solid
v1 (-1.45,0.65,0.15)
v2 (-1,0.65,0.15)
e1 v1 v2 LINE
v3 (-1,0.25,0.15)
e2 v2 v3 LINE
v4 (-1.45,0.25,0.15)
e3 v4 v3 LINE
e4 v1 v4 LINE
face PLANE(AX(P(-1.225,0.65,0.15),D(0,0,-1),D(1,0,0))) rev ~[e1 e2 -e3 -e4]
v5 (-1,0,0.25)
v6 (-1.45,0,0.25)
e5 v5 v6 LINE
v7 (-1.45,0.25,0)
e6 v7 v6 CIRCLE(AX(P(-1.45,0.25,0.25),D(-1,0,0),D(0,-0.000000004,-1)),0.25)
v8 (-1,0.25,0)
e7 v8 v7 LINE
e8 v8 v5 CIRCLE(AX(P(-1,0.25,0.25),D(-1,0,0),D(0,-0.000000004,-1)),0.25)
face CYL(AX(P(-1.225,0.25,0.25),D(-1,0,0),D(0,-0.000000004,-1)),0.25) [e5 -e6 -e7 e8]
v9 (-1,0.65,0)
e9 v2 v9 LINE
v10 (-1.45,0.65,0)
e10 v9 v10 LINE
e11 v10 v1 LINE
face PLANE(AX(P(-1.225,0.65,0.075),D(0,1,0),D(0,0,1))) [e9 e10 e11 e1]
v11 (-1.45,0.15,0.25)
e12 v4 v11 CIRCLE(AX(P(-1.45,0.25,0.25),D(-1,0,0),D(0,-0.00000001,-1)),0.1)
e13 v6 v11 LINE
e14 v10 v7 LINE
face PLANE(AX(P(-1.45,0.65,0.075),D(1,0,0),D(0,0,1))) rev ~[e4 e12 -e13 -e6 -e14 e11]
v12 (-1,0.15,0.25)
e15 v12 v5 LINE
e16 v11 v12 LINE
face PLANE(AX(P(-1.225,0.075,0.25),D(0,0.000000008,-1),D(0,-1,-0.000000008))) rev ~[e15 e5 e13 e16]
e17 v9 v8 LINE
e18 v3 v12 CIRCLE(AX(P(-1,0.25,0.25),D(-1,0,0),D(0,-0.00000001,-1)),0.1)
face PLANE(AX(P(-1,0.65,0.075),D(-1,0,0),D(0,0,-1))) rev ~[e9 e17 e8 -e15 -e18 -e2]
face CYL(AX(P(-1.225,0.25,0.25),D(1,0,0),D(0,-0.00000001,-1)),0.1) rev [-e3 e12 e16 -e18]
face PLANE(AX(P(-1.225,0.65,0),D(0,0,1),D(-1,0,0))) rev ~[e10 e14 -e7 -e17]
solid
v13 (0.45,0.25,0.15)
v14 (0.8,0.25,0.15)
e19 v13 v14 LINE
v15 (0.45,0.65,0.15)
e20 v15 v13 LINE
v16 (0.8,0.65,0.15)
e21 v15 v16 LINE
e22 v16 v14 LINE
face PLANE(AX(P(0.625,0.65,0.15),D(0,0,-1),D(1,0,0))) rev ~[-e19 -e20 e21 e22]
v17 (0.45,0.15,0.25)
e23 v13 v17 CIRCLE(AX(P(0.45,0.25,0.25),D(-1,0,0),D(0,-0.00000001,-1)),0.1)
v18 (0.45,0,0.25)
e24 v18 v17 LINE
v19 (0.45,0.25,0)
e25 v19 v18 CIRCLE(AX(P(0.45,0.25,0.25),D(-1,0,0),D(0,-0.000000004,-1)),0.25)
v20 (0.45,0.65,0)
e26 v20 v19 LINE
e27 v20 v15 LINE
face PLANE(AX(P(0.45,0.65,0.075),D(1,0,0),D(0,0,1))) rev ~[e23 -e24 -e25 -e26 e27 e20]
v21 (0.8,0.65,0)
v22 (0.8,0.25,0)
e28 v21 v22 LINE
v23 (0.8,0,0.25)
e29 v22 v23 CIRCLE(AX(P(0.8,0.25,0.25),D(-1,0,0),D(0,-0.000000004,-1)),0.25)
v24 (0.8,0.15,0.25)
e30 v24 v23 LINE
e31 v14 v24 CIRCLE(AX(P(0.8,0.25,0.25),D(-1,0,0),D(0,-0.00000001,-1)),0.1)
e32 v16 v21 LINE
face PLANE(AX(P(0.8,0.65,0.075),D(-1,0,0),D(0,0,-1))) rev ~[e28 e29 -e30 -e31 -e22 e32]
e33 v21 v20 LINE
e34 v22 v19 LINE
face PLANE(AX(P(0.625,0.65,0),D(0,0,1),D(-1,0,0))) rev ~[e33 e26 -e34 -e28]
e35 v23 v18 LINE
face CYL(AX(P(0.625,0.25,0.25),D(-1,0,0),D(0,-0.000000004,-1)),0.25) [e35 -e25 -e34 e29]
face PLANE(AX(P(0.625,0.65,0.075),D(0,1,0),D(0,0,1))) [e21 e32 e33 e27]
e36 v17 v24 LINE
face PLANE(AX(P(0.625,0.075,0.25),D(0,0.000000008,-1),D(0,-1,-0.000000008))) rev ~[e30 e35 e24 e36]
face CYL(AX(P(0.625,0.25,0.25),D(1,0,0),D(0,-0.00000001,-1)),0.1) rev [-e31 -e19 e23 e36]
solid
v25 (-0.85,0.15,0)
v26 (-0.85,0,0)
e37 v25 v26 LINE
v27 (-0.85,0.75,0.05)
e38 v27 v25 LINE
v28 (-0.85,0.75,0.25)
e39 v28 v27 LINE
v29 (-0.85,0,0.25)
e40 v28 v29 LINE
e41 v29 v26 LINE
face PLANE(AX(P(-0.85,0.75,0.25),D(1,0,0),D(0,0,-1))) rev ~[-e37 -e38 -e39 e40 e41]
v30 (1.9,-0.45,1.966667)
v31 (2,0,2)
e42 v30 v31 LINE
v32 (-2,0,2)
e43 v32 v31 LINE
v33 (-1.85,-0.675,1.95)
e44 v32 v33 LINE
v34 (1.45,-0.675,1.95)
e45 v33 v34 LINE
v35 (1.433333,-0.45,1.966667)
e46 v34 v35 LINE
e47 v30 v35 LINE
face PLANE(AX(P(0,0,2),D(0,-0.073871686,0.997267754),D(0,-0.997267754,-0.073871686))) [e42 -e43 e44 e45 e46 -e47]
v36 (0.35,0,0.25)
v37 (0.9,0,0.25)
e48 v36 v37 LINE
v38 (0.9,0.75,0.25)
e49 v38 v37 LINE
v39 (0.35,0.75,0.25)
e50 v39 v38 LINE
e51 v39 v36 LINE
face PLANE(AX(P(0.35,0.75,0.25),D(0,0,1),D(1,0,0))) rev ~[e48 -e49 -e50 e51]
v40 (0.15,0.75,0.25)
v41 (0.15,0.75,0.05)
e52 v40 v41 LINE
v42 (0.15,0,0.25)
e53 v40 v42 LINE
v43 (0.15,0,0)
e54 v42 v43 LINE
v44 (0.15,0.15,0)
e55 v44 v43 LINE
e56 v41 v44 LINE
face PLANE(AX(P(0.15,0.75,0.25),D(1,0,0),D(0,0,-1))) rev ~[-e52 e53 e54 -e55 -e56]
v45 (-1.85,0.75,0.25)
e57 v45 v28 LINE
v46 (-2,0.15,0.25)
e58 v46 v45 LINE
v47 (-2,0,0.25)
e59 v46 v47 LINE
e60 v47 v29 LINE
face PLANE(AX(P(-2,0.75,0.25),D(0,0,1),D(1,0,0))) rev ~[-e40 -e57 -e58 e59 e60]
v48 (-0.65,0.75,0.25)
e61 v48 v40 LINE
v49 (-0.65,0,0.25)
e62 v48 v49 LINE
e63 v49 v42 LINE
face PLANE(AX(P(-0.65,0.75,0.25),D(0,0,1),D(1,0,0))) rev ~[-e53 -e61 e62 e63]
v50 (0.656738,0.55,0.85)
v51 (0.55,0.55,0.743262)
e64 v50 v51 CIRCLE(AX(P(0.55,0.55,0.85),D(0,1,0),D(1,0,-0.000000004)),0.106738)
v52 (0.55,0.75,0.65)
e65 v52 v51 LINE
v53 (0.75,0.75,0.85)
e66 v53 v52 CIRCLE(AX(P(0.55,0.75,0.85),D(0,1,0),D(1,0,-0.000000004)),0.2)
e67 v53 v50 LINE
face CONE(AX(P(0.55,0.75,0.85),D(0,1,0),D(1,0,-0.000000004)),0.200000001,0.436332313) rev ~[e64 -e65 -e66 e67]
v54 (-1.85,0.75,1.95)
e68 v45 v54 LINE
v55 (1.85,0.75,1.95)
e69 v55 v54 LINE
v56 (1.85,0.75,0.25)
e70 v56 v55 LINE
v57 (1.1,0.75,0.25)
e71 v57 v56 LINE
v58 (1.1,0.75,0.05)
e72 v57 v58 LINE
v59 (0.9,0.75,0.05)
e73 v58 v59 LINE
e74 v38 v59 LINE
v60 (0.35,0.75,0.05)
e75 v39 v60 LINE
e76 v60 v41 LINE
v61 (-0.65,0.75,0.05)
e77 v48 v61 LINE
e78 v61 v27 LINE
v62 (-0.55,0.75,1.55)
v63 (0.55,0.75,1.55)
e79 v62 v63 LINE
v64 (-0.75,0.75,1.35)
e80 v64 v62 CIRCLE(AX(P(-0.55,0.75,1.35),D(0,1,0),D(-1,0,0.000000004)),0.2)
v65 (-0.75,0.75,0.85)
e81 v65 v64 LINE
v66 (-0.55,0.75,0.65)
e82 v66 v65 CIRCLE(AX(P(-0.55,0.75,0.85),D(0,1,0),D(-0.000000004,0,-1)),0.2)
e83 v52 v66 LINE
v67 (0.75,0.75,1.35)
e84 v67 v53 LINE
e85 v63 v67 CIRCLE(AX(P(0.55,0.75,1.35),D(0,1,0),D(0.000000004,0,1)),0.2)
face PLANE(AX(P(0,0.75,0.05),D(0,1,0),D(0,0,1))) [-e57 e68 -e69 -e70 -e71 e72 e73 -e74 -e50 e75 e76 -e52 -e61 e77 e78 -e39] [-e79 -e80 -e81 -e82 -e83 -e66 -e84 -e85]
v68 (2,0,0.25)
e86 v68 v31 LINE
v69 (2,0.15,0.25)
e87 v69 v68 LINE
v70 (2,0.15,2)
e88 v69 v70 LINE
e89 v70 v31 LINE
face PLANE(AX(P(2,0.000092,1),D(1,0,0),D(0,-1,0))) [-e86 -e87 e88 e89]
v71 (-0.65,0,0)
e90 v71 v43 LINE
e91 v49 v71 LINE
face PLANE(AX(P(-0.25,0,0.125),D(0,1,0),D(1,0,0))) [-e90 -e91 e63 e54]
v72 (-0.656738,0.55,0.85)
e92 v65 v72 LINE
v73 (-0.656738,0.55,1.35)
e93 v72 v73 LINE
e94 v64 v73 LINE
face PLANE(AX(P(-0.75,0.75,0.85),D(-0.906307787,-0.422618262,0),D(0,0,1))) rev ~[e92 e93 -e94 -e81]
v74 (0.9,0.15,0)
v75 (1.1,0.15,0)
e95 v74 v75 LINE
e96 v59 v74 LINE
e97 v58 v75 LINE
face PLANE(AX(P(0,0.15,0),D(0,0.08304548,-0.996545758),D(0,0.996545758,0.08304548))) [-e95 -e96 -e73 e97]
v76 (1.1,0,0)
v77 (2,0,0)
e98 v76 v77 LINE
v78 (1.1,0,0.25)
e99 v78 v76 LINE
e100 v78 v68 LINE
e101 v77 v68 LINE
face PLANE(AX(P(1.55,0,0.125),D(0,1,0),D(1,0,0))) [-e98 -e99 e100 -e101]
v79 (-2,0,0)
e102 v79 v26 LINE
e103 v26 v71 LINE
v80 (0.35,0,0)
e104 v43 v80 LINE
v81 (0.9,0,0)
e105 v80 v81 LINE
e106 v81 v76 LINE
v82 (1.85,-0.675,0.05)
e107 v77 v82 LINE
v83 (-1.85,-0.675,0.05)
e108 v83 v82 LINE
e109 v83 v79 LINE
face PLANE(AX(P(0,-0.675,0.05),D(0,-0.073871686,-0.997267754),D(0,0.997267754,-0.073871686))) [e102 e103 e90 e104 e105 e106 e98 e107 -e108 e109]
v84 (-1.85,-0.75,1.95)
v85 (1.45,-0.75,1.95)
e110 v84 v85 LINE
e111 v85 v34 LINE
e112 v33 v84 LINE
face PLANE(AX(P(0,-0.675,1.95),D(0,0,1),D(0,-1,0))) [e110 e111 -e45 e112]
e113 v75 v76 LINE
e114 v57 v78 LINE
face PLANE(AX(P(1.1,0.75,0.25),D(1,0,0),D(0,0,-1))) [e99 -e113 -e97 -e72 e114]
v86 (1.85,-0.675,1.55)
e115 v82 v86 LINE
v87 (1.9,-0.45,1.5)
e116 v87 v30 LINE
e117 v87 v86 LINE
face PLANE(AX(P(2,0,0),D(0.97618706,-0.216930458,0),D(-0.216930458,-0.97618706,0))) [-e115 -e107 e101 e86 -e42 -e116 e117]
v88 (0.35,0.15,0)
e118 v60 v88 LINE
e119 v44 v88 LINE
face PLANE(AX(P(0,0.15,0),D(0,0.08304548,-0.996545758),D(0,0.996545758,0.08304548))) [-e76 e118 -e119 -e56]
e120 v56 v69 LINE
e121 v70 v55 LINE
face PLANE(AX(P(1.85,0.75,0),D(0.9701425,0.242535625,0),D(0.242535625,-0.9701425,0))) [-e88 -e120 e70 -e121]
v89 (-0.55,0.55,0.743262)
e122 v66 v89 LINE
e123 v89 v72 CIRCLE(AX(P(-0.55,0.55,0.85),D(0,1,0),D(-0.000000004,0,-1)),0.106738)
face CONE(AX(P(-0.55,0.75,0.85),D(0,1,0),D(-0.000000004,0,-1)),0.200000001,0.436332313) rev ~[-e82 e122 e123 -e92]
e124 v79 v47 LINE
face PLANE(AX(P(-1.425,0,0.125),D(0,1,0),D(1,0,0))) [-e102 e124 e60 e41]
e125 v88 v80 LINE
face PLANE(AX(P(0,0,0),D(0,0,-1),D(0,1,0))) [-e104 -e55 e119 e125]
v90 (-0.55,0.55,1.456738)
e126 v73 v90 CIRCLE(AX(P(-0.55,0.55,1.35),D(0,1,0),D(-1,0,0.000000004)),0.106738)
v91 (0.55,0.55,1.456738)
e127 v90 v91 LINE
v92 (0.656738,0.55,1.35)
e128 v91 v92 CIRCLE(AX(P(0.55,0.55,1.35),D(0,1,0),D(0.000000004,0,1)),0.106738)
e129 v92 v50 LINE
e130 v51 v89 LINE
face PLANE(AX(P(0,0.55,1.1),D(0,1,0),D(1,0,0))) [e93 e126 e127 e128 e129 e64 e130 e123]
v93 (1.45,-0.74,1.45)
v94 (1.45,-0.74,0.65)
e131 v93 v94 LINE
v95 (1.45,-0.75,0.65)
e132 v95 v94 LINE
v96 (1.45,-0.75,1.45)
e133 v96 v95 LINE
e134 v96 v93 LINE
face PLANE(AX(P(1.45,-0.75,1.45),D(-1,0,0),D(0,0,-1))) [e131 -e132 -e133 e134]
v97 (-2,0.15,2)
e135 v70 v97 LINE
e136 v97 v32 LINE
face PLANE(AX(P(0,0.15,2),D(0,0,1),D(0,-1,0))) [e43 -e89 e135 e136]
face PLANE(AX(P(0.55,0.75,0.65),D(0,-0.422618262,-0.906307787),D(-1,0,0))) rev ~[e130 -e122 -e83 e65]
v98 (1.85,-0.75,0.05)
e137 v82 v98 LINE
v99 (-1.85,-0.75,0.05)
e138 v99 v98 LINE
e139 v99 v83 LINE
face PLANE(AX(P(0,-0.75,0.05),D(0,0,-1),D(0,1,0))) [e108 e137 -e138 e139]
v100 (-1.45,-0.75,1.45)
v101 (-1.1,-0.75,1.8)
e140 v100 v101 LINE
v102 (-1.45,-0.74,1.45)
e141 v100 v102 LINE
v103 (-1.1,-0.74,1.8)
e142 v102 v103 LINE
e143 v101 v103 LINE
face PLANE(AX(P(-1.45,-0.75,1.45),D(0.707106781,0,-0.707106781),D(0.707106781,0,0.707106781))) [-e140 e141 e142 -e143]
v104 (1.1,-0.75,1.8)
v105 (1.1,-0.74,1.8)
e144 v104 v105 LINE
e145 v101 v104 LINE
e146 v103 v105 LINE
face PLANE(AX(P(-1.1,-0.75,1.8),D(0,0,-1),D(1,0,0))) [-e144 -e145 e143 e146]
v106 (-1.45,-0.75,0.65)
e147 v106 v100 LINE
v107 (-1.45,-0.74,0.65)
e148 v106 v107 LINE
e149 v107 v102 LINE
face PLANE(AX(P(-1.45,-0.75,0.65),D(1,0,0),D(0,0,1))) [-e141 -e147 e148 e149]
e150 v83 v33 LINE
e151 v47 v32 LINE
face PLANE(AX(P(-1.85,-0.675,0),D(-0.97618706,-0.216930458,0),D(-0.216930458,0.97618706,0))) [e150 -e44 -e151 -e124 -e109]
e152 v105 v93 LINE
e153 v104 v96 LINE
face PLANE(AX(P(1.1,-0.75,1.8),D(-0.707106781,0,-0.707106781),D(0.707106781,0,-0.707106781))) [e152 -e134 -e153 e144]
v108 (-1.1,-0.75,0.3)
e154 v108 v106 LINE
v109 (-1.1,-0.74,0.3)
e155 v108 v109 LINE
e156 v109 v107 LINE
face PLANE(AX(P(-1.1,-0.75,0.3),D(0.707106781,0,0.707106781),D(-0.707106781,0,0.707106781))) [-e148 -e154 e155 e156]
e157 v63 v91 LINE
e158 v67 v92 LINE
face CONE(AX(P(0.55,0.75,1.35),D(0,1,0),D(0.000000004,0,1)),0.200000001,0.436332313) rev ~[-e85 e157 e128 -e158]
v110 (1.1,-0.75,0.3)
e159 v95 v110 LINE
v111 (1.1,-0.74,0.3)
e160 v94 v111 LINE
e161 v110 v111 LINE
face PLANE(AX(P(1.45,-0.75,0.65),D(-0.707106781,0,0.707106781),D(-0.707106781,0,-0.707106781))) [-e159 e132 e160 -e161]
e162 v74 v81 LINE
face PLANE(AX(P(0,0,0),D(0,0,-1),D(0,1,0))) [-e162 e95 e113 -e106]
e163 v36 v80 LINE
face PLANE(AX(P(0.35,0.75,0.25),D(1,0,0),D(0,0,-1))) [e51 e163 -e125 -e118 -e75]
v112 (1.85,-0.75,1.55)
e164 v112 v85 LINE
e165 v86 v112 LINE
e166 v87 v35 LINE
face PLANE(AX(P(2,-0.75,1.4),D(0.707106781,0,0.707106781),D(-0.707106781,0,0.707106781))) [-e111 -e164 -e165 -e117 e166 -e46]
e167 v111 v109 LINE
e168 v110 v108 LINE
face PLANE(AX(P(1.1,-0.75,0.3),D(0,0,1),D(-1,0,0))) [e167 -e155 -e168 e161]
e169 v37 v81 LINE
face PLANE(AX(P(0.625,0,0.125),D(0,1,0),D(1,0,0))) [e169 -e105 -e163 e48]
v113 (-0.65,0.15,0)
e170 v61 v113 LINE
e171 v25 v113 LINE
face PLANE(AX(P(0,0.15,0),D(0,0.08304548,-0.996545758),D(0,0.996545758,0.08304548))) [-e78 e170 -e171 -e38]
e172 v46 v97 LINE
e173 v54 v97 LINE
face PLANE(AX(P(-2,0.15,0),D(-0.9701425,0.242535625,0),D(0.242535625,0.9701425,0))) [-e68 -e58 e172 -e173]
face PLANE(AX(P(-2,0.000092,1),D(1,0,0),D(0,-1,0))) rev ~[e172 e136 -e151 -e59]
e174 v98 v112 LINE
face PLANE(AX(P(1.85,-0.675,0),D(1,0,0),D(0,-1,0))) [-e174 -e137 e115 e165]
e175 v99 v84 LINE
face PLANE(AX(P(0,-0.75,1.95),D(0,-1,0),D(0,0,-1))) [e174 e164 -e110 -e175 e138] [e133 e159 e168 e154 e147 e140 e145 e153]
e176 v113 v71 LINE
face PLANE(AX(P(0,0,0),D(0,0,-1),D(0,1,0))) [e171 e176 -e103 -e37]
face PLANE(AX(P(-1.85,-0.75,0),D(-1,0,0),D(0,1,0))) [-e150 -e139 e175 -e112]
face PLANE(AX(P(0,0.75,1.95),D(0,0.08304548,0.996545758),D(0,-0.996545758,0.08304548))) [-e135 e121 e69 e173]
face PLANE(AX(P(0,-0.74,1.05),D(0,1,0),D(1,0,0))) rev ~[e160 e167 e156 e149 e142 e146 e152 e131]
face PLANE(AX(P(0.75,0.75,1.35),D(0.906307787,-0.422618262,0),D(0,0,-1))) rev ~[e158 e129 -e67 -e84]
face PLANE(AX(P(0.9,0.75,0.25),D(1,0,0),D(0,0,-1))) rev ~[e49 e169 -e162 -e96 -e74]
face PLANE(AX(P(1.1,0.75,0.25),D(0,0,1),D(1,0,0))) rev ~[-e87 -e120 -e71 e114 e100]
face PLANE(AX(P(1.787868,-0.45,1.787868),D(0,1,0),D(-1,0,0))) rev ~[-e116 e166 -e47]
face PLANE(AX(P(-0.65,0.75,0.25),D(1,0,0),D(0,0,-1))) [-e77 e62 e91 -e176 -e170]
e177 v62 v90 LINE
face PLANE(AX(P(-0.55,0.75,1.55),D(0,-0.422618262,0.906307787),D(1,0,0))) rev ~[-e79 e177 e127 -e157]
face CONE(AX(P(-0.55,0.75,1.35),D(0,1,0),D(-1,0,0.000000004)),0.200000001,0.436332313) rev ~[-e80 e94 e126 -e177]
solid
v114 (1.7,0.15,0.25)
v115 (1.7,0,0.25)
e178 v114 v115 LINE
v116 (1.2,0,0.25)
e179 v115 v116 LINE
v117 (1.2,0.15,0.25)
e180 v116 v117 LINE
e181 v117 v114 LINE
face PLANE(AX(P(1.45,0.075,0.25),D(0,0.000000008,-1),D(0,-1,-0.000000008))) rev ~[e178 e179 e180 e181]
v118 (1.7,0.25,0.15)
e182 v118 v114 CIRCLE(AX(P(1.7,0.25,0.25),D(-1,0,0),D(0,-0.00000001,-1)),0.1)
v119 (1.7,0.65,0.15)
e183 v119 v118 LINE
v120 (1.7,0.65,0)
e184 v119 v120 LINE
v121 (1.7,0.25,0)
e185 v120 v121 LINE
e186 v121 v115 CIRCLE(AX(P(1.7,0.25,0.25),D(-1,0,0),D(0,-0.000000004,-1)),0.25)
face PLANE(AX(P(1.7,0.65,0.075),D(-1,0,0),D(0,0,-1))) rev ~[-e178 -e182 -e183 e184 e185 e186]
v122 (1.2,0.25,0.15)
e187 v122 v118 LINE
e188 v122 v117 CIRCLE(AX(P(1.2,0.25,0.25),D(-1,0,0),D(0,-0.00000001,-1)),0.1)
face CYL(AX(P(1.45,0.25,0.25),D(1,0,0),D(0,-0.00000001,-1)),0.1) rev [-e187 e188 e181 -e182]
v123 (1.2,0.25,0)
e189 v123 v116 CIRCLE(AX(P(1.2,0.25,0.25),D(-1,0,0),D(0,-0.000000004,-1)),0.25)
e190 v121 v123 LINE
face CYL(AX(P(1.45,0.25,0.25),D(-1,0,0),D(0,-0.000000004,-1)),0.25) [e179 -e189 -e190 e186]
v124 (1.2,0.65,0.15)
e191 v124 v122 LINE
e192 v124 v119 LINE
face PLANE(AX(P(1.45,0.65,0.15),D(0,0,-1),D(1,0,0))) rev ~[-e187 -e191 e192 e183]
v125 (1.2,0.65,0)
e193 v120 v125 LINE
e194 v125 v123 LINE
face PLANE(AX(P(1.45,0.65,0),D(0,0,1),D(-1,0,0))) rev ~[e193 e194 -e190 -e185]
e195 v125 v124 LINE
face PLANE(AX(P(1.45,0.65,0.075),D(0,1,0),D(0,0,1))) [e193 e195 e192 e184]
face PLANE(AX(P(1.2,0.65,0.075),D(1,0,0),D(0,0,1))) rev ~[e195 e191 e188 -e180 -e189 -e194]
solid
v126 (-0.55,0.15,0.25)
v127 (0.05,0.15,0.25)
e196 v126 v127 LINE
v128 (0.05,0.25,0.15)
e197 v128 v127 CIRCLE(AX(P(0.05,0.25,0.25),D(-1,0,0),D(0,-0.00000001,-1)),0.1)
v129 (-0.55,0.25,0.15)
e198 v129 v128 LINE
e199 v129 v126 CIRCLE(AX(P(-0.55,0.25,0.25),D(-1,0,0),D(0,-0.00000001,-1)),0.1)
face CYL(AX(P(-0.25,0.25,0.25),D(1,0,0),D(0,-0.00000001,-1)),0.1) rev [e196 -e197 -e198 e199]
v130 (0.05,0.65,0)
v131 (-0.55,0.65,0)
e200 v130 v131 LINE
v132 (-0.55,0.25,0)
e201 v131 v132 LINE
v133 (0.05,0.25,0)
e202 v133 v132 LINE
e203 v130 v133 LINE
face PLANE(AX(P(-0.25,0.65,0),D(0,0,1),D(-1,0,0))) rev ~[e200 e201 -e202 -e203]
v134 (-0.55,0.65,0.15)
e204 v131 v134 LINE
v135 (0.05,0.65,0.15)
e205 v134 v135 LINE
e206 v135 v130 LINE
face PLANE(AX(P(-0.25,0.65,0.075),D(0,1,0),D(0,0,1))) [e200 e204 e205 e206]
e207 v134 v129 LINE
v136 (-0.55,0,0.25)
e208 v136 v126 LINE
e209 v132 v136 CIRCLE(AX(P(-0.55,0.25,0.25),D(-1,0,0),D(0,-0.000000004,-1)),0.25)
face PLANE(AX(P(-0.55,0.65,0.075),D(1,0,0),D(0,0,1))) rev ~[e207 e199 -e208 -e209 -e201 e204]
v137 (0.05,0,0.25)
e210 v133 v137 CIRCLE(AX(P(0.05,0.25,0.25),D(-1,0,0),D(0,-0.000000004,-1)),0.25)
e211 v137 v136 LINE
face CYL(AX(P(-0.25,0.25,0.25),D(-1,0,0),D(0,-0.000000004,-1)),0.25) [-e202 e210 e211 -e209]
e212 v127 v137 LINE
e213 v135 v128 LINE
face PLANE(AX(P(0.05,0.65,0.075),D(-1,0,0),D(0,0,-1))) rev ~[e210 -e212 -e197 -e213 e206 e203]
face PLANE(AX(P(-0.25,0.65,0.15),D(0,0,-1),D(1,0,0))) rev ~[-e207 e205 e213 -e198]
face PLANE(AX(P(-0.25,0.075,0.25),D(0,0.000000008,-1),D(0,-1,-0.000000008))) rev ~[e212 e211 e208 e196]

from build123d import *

# Parameters (mm, degrees)
EXTRUDE_1_DEPTH     = 2
SKETCH_2_OUTSIDE_W  = 6.944
SKETCH_2_OUTSIDE_H  = 4.444
CUT_EXTRUDE_1_DEPTH = 3.926174978
CUT_EXTRUDE_2_DEPTH = 0.3
SKETCH_6_W          = 0.6
SKETCH_6_H          = 0.15
SKETCH_6_W_2        = 0.45
SKETCH_6_W_3        = 0.35
SKETCH_6_W_4        = 0.5
SKETCH_5_W          = 0.8
SKETCH_5_H          = 0.25
SKETCH_5_W_2        = 1.15
SKETCH_5_W_3        = 0.55
SKETCH_5_W_4        = 0.9
CUT_EXTRUDE_4_DEPTH = 0.75
CUT_EXTRUDE_5_DEPTH = 0.2
CUT_EXTRUDE_5_DRAFT = -25
CUT_EXTRUDE_6_DEPTH = 0.01


with BuildPart() as part:
    # Эскиз1 → Бобышка-Вытянуть1 (new, symmetric)
    with BuildSketch(Plane(origin=(0, 0, 0), x_dir=(0, -1, 0), z_dir=(1, 0, 0))):
        Polygon((-0.15, -2), (0, -2), (0.675, -1.95), (0.75, -1.95), (0.75, -0.05), (0.675, -0.05), (0, 0), (-0.15, 0), (-0.75, -0.05), (-0.75, -1.95), align=None)
    extrude(amount=EXTRUDE_1_DEPTH, both=True)

    # Эскиз2 outside → Вырез-Вытянуть1 (cut, through all)
    with BuildSketch(Plane.XY):
        Rectangle(SKETCH_2_OUTSIDE_W, SKETCH_2_OUTSIDE_H)
        Polygon((2, 0), (1.85, -0.675), (1.85, -0.75), (-1.85, -0.75), (-1.85, -0.675), (-2, 0), (-2, 0.15), (-1.85, 0.75), (1.85, 0.75), (2, 0.15), align=None, mode=Mode.SUBTRACT)
    extrude(amount=CUT_EXTRUDE_1_DEPTH, mode=Mode.SUBTRACT)

    # Эскиз4 → Вырез-Вытянуть2 (cut)
    with BuildSketch(Plane.XZ.offset(0.75)):
        Polygon((2, 2), (2, 1.4), (1.4, 2), align=None)
    extrude(amount=-CUT_EXTRUDE_2_DEPTH, mode=Mode.SUBTRACT)

    # Эскиз5 → Вырез-Вытянуть4 (cut)
    with BuildSketch(Plane(origin=(0, 0.75, 0), x_dir=(1, 0, 0), z_dir=(0, 1, 0))):
        with Locations((-0.25, -0.125)):
            Rectangle(SKETCH_5_W, SKETCH_5_H)
        with Locations((-1.425, -0.125)):
            Rectangle(SKETCH_5_W_2, SKETCH_5_H)
        with Locations((0.625, -0.125)):
            Rectangle(SKETCH_5_W_3, SKETCH_5_H)
        with Locations((1.55, -0.125)):
            Rectangle(SKETCH_5_W_4, SKETCH_5_H)
    extrude(amount=-CUT_EXTRUDE_4_DEPTH, mode=Mode.SUBTRACT)


with BuildPart() as body_2:
    # По траектории3: sweep along a path in Эскиз7
    with BuildLine(Plane(origin=(0, 0, 0), x_dir=(0, 0, -1), z_dir=(1, 0, 0))) as sweep_3_path:
        Line((0, 0.65), (0, 0.25))
        ThreePointArc((0, 0.25), (-0.073223305, 0.073223305), (-0.25, 0))
    # Эскиз6 → По траектории3 (sweep)
    with BuildSketch(Plane(origin=(0, 0.65, 0), x_dir=(1, 0, 0), z_dir=(0, 1, 0))):
        with Locations((-0.25, -0.075)):
            Rectangle(SKETCH_6_W, SKETCH_6_H)
        with Locations((-1.225, -0.075)):
            Rectangle(SKETCH_6_W_2, SKETCH_6_H)
        with Locations((0.625, -0.075)):
            Rectangle(SKETCH_6_W_3, SKETCH_6_H)
        with Locations((1.45, -0.075)):
            Rectangle(SKETCH_6_W_4, SKETCH_6_H)
    sweep(path=sweep_3_path.line)


with BuildPart() as cut_extrude_5_tool:
    # Эскиз9 → Вырез-Вытянуть5 (with draft: the straight prism first)
    with BuildSketch(Plane(origin=(0, 0.75, 0), x_dir=(1, 0, 0), z_dir=(0, 1, 0))):
        with BuildLine():
            ThreePointArc((-0.55, -0.65), (-0.691421356, -0.708578644), (-0.75, -0.85))
            Line((-0.75, -0.85), (-0.75, -1.35))
            ThreePointArc((-0.75, -1.35), (-0.691421356, -1.491421356), (-0.55, -1.55))
            Line((-0.55, -1.55), (0.55, -1.55))
            ThreePointArc((0.55, -1.55), (0.691421356, -1.491421356), (0.75, -1.35))
            Line((0.75, -1.35), (0.75, -0.85))
            ThreePointArc((0.75, -0.85), (0.691421356, -0.708578644), (0.55, -0.65))
            Line((0.55, -0.65), (-0.55, -0.65))
        make_face()
    extrude(amount=-CUT_EXTRUDE_5_DEPTH)
    # Вырез-Вытянуть5: the draft: its side faces are tilted about the plane it starts from
    cut_extrude_5_sides = [cut_extrude_5_tool.faces().sort_by_distance(p)[0] for p in [
        (-0.691421356, 0.65, 0.708578644),
        (-0.75, 0.65, 1.1),
        (-0.691421356, 0.65, 1.491421356),
        (0, 0.65, 1.55),
        (0.691421356, 0.65, 1.491421356),
        (0.75, 0.65, 1.1),
        (0.691421356, 0.65, 0.708578644),
        (0, 0.65, 0.65),
    ]]
    draft(cut_extrude_5_sides, Plane(origin=(0, 0.75, 0), x_dir=(1, 0, 0), z_dir=(0, 1, 0)), CUT_EXTRUDE_5_DRAFT)


with BuildPart() as part_1:
    add(part.part)

    # Вырез-Вытянуть5: cut by cut_extrude_5_tool
    add(cut_extrude_5_tool.part, mode=Mode.SUBTRACT)

    # Эскиз10 → Вырез-Вытянуть6 (cut)
    with BuildSketch(Plane(origin=(0, -0.75, 0), x_dir=(-1, 0, 0), z_dir=(0, -1, 0))):
        Polygon((1.1, -1.8), (-1.1, -1.8), (-1.45, -1.45), (-1.45, -0.65), (-1.1, -0.3), (1.1, -0.3), (1.45, -0.65), (1.45, -1.45), align=None)
    extrude(amount=-CUT_EXTRUDE_6_DEPTH, mode=Mode.SUBTRACT)


solid = Compound([body_2.part, part_1.part])
